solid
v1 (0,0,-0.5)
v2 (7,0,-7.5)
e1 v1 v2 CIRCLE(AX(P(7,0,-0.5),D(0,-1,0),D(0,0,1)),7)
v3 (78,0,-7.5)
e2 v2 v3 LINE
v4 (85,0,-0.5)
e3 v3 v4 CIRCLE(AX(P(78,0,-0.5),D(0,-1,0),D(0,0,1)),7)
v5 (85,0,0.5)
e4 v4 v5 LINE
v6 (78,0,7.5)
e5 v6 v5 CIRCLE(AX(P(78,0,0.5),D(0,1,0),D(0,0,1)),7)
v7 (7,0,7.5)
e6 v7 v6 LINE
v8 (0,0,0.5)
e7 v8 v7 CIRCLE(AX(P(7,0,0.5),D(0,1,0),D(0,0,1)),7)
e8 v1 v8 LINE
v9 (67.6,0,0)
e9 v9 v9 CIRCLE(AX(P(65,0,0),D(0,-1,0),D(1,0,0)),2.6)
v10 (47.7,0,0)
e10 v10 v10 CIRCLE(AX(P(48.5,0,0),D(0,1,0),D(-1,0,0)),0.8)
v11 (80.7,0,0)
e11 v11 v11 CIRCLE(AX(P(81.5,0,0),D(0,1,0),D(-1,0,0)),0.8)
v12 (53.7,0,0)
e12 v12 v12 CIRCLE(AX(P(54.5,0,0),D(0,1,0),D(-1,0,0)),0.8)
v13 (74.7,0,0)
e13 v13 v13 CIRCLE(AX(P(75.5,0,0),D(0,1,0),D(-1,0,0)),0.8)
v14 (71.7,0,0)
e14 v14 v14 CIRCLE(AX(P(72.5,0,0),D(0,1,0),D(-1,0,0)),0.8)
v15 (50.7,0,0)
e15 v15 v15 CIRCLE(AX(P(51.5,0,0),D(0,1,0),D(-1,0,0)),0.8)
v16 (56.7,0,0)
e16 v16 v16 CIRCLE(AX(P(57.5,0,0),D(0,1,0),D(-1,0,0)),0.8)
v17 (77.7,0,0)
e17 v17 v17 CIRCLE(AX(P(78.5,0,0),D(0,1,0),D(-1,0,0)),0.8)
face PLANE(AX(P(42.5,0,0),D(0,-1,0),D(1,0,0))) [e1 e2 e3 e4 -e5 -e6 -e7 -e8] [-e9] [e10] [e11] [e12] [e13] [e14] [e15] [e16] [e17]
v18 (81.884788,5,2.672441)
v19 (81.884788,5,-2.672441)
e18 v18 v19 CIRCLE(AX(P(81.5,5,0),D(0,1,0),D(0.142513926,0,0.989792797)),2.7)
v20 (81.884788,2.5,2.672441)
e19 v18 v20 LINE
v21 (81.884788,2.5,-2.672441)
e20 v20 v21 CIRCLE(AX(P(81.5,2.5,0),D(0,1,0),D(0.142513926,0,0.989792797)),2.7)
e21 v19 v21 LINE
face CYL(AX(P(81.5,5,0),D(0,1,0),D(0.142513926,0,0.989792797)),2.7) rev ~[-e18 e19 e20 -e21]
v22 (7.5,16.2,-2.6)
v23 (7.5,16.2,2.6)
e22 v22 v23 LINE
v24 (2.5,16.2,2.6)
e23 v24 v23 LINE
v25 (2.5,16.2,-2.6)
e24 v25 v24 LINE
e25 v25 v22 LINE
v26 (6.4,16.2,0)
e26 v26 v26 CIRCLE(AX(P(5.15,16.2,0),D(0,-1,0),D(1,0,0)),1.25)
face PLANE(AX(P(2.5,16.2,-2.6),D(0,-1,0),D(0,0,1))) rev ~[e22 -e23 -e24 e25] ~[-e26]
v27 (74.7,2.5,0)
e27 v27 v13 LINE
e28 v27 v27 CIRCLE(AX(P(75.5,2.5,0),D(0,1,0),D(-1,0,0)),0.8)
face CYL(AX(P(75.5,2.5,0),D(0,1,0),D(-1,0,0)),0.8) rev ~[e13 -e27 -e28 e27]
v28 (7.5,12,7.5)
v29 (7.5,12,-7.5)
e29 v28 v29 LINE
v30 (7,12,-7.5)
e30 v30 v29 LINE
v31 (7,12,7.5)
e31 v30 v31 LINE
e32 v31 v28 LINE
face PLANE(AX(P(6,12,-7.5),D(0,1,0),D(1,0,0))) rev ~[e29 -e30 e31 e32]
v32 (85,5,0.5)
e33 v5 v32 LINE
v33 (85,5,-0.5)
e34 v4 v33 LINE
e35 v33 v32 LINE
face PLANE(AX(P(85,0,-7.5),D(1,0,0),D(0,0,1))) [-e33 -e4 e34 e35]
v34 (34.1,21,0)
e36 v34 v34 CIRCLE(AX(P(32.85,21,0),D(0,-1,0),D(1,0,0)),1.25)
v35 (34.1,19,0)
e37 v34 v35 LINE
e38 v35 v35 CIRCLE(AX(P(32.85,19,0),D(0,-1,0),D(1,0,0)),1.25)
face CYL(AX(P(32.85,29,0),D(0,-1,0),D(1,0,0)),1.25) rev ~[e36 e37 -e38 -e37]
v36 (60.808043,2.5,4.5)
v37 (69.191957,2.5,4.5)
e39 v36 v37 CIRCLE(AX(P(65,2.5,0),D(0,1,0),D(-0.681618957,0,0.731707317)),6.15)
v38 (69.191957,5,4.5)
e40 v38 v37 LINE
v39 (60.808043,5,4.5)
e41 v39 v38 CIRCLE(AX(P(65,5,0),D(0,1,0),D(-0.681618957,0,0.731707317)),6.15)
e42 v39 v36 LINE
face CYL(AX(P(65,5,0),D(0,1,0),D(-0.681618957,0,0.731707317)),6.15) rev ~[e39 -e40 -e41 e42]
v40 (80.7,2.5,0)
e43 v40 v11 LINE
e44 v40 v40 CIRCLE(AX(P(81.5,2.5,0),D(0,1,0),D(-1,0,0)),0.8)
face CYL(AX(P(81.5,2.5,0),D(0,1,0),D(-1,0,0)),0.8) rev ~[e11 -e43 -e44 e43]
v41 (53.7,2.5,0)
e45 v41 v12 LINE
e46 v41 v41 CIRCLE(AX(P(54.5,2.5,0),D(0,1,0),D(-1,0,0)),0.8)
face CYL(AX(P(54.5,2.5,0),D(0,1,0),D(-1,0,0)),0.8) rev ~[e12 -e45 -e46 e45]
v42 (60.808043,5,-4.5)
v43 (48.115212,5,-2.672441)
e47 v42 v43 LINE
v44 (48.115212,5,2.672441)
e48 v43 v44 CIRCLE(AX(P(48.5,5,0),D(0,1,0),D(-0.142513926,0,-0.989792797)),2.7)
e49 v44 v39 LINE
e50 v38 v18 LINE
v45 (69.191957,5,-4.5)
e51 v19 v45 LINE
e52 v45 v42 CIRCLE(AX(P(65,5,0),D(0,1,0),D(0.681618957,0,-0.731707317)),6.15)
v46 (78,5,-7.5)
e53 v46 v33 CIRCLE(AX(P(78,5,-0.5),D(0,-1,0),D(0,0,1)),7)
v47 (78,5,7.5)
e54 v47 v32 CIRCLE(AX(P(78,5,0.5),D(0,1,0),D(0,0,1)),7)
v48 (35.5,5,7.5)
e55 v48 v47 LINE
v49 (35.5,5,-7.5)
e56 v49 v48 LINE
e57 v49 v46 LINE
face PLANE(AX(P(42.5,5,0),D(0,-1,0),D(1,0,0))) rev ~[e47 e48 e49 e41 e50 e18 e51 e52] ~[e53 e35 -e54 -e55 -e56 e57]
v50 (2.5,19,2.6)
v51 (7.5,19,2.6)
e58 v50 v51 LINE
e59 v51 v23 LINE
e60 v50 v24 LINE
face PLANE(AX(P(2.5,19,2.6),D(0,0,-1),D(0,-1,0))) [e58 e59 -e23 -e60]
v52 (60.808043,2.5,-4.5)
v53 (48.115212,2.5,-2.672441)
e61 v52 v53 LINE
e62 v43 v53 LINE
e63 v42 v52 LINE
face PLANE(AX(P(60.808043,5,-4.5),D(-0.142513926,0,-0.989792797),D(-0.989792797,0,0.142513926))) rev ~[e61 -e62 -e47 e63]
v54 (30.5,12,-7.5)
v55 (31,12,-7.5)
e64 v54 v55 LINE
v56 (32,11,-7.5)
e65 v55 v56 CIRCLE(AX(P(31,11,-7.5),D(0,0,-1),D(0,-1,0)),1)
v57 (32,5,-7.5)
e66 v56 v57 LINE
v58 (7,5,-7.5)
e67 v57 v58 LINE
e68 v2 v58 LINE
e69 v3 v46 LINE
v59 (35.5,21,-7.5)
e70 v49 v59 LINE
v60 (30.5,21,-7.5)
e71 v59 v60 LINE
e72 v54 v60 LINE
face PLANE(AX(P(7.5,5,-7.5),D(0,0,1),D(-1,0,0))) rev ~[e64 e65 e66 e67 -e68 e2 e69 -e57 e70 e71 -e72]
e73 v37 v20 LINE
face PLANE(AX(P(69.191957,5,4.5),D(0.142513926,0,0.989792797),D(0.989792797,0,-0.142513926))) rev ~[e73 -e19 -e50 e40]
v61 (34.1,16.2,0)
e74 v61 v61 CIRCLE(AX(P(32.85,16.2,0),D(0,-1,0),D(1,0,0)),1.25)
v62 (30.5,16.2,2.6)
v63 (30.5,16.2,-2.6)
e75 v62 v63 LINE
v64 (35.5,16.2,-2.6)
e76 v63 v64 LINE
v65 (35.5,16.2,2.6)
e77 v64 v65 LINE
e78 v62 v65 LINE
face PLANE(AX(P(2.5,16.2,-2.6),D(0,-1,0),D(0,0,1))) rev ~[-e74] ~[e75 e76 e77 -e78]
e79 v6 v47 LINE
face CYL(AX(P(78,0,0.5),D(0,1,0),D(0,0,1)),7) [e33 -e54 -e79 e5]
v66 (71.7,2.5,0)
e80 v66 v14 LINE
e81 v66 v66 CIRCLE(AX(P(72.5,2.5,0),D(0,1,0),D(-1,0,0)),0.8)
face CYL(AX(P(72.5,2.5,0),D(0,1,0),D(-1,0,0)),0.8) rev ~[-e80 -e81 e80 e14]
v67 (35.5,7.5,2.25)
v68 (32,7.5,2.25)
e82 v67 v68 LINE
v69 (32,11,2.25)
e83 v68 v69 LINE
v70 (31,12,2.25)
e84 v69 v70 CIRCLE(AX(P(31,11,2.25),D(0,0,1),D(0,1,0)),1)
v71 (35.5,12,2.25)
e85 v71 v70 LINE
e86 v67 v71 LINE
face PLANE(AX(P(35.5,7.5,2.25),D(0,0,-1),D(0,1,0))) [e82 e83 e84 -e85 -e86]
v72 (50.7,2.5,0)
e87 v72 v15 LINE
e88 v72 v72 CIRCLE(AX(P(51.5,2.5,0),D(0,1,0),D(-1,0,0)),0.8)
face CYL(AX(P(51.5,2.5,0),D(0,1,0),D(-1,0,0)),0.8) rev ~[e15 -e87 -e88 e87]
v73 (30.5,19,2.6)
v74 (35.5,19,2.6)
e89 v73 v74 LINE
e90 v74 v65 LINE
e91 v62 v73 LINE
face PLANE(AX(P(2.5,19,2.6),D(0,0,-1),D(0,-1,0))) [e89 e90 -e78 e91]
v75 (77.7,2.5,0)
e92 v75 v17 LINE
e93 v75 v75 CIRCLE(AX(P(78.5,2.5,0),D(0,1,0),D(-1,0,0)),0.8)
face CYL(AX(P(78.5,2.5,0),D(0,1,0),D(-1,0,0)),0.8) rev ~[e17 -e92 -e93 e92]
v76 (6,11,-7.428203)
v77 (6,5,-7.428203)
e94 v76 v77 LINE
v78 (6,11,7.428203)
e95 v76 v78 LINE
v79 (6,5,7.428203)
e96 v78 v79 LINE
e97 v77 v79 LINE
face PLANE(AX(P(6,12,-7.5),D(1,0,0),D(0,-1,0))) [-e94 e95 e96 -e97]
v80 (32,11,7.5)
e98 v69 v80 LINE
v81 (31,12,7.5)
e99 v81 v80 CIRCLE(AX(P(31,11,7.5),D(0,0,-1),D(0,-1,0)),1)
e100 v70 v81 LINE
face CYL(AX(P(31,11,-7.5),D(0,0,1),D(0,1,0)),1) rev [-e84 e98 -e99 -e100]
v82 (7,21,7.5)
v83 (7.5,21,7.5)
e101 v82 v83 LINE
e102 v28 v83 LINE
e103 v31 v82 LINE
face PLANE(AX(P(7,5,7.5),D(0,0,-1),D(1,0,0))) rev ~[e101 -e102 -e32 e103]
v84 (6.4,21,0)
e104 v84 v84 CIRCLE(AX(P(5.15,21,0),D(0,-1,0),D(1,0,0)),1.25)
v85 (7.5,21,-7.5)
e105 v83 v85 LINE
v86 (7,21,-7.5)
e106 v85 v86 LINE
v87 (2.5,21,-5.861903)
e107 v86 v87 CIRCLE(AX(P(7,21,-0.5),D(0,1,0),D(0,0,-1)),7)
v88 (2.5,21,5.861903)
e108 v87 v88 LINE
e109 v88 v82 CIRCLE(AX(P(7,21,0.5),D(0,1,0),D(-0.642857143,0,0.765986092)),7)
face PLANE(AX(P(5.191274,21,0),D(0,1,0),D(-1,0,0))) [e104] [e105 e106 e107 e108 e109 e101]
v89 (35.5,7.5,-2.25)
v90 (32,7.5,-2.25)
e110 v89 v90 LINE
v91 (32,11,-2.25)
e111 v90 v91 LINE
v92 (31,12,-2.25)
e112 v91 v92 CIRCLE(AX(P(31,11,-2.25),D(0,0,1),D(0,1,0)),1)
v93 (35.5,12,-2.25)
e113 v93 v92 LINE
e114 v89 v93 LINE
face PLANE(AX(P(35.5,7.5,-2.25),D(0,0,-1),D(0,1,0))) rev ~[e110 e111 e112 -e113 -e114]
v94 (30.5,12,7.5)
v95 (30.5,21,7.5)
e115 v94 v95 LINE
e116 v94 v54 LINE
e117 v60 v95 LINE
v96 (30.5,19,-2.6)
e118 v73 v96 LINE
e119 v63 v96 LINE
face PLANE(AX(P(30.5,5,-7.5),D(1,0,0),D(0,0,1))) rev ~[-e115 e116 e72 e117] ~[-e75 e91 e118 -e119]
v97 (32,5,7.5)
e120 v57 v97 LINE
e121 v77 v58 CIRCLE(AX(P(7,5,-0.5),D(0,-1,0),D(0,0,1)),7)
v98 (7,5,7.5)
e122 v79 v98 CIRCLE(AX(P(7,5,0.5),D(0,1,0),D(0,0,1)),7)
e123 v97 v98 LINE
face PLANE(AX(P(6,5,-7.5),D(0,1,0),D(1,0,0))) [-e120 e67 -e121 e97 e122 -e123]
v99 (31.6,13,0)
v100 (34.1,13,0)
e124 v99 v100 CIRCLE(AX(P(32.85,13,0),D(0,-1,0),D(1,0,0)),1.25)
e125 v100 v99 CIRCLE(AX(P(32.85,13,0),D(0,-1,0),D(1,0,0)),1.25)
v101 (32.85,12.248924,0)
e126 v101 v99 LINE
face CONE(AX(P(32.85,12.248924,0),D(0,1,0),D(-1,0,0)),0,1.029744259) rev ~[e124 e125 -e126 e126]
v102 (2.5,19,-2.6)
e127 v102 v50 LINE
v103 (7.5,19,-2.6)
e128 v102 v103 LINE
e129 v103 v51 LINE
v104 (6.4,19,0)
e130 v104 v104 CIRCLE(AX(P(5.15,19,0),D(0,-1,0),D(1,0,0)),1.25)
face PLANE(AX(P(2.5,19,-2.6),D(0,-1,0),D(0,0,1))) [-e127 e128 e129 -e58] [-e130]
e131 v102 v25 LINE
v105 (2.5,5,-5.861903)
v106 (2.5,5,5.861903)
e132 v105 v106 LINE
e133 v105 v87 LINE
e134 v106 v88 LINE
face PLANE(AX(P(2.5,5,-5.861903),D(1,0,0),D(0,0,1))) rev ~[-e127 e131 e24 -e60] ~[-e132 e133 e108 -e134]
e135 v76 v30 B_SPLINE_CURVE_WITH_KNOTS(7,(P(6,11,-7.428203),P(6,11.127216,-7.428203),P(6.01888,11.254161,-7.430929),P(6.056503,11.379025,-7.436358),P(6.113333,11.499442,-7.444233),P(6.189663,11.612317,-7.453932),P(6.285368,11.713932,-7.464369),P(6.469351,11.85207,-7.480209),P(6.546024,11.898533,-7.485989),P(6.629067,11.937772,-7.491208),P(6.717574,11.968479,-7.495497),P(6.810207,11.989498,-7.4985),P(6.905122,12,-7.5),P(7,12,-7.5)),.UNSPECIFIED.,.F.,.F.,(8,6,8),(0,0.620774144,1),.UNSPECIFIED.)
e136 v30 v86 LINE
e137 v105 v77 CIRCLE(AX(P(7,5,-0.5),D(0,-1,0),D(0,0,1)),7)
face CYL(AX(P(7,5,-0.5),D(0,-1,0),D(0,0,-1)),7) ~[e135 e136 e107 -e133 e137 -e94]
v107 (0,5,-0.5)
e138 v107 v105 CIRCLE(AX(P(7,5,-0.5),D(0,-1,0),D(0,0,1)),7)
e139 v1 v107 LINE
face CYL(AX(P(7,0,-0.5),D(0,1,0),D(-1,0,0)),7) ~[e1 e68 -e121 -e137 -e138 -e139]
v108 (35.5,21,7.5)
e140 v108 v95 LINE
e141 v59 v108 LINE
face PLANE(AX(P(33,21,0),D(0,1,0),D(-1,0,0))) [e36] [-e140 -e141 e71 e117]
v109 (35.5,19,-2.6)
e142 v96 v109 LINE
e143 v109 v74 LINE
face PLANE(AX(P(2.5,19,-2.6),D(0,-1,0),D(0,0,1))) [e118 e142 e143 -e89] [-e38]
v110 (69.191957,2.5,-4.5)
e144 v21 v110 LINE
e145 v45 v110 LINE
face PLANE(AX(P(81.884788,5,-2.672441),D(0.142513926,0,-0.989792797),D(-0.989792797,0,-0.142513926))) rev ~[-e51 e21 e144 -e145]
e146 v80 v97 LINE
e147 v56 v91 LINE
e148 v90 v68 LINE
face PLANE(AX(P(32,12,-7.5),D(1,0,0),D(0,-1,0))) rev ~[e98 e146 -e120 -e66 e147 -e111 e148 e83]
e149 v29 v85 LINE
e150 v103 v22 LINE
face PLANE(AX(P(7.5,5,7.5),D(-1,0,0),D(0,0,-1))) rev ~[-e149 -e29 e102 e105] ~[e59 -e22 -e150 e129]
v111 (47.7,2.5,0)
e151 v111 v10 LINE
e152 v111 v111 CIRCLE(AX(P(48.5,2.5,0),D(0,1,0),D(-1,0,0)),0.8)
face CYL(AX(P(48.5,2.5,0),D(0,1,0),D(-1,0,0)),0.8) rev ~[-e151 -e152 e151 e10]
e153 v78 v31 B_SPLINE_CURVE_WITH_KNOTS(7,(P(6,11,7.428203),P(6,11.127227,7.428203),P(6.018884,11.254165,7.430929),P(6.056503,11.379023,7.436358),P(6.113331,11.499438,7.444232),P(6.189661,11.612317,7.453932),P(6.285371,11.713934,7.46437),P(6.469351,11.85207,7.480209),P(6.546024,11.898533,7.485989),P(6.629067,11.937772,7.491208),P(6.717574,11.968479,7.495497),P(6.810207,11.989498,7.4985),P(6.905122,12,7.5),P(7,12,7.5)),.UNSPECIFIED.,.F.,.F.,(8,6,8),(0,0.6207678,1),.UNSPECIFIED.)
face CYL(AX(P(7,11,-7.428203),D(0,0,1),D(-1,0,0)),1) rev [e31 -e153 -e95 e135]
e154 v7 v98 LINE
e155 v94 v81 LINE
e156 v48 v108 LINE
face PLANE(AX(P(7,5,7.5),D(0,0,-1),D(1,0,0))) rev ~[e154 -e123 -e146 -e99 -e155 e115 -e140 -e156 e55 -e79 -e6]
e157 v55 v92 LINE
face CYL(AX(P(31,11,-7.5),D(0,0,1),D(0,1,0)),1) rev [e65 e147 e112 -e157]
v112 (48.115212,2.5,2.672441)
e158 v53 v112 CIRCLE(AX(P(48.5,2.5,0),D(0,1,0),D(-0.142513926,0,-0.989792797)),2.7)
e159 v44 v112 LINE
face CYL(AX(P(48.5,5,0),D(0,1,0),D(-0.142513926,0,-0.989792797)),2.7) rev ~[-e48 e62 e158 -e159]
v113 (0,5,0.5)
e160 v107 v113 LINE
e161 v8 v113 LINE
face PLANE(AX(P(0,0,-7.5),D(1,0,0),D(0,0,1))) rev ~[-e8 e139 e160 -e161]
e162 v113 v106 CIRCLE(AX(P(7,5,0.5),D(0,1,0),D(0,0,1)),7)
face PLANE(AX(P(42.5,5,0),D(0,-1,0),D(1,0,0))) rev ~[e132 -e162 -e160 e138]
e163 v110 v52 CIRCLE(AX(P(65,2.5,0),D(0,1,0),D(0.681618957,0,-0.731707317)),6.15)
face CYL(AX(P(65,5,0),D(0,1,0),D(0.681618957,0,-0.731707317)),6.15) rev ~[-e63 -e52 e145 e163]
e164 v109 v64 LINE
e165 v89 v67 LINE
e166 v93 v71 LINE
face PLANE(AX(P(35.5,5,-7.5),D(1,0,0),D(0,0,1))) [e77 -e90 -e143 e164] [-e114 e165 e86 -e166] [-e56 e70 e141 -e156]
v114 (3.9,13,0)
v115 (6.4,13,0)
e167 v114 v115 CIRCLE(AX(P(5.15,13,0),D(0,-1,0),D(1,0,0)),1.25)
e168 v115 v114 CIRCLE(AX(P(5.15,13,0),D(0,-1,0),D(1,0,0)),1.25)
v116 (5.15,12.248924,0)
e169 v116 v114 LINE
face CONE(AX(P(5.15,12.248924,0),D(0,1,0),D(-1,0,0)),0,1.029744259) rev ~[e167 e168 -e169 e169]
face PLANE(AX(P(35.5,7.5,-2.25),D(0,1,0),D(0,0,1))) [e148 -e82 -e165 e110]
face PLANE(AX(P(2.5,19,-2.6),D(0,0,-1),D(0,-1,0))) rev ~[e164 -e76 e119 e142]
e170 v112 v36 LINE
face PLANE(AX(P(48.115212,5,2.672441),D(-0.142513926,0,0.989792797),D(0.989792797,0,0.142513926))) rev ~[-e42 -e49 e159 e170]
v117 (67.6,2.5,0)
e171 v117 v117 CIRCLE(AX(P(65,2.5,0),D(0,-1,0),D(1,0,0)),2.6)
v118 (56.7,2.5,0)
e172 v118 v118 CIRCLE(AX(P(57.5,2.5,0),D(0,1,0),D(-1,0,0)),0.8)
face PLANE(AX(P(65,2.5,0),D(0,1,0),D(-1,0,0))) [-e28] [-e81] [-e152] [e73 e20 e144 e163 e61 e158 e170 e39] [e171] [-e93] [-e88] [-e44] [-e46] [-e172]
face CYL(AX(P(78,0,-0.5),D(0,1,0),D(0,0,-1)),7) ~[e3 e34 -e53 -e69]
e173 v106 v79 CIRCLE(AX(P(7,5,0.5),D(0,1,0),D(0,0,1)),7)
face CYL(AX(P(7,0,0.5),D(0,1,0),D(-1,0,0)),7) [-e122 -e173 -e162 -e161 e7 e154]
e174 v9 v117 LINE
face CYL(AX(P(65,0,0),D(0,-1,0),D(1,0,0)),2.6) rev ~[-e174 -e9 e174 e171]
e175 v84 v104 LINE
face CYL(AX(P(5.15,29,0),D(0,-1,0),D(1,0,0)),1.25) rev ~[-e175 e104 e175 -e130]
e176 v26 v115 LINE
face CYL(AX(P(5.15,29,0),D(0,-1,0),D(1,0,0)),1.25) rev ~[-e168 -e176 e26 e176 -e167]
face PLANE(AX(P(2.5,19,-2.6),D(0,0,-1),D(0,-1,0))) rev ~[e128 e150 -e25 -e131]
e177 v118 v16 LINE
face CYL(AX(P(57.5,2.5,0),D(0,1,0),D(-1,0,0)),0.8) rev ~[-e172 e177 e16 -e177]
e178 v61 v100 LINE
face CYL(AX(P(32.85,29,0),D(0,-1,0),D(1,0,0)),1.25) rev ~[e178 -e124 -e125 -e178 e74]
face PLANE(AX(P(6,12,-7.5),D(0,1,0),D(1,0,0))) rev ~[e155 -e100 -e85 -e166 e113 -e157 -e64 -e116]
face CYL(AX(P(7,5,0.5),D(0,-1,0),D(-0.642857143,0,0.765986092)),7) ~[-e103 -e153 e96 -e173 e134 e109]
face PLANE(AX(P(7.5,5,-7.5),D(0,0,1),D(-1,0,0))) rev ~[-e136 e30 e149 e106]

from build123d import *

# Parameters (mm, degrees)
F0_W      = 85
F0_H      = 15
F0_R      = 2.6
F1_DEPTH  = 5
F3_DEPTH  = 2.5
F4_R      = 7
F5_R      = 0.8
F6_DEPTH  = 2.5
F7_W      = 5
F7_H      = 15
F8_DEPTH  = 16
F10_D     = 2.5
F10_DEPTH = 8
F10_TIP   = 0.7510757738
F11_W     = 2.8
F11_H     = 5.2
F12_DEPTH = 33
F13_W     = 26
F13_H     = 7
F14_DEPTH = 15
F15_R     = 1
F16_W     = 4.5
F16_H     = 4.5
F17_DEPTH = 5


with BuildPart() as f1:
    # F0 (on Front) → F1 (new body)
    with BuildSketch(Plane.XZ):
        with Locations((42.5, 0)):
            Rectangle(F0_W, F0_H)
        with Locations((65, 0)):
            Circle(F0_R, mode=Mode.SUBTRACT)
    extrude(amount=-F1_DEPTH)

    # F2 (on face) → F3 (cut)
    with BuildSketch(Plane(origin=(0, 5, 0), x_dir=(-1, 0, 0), z_dir=(0, 1, 0))):
        with BuildLine():
            Line((-81.8847875997, -2.6724405518), (-69.1919565837, -4.5))
            ThreePointArc((-69.1919565837, -4.5), (-65, -6.15), (-60.8080434163, -4.5))
            Line((-60.8080434163, -4.5), (-48.1152124003, -2.6724405518))
            ThreePointArc((-48.1152124003, -2.6724405518), (-45.8, 0), (-48.1152124003, 2.6724405518))
            Line((-48.1152124003, 2.6724405518), (-60.8080434163, 4.5))
            ThreePointArc((-60.8080434163, 4.5), (-65, 6.15), (-69.1919565837, 4.5))
            Line((-69.1919565837, 4.5), (-81.8847875997, 2.6724405518))
            ThreePointArc((-81.8847875997, 2.6724405518), (-84.2, 0), (-81.8847875997, -2.6724405518))
        make_face()
    extrude(amount=-F3_DEPTH, mode=Mode.SUBTRACT)

    # F4
    f4_edges = [f1.edges().sort_by_distance(p)[0] for p in [
        (85, 2.5, 7.5),
        (85, 2.5, -7.5),
        (0, 2.5, 7.5),
        (0, 2.5, -7.5),
    ]]
    fillet(f4_edges, radius=F4_R)

    # F5 (on face) → F6 (cut, through all)
    with BuildSketch(Plane(origin=(0, 2.5, 0), x_dir=(-1, 0, 0), z_dir=(0, 1, 0))):
        with Locations((-81.5, 0)):
            Circle(F5_R)
        with Locations((-78.5, 0)):
            Circle(F5_R)
        with Locations((-75.5, 0)):
            Circle(F5_R)
        with Locations((-72.5, 0)):
            Circle(F5_R)
        with Locations((-57.5, 0)):
            Circle(F5_R)
        with Locations((-54.5, 0)):
            Circle(F5_R)
        with Locations((-51.5, 0)):
            Circle(F5_R)
        with Locations((-48.5, 0)):
            Circle(F5_R)
    extrude(amount=-F6_DEPTH, mode=Mode.SUBTRACT)

    # F7 (on face) → F8 (join)
    with BuildSketch(Plane(origin=(0, 5, 0), x_dir=(-1, 0, 0), z_dir=(0, 1, 0))):
        with Locations((-33, 0)):
            Rectangle(F7_W, F7_H)
        with BuildLine():
            Line((-7, 7.5), (-7.5, 7.5))
            Line((-7.5, 7.5), (-7.5, -7.5))
            Line((-7.5, -7.5), (-7, -7.5))
            ThreePointArc((-7, -7.5), (-4.6055604551, -7.0777396776), (-2.5, -5.8619026474))
            Line((-2.5, -5.8619026474), (-2.5, 5.8619026474))
            ThreePointArc((-2.5, 5.8619026474), (-4.6055604551, 7.0777396776), (-7, 7.5))
        make_face()
    extrude(amount=F8_DEPTH)

    # F10
    with Locations(Plane(origin=(0, 21, 0), x_dir=(-1, 0, 0), z_dir=(0, 1, 0))):
        with Locations((-32.85, 0), (-5.15, 0)):
            Hole(F10_D / 2, depth=F10_DEPTH)
            with Locations((0, 0, -(F10_DEPTH + F10_TIP / 2))):  # 118° drill point
                Cone(0, F10_D / 2, F10_TIP, mode=Mode.SUBTRACT)

    # F11 (on face) → F12 (cut, through all)
    with BuildSketch(Plane(origin=(2.5, 0, 0), x_dir=(0, -1, 0), z_dir=(-1, 0, 0))):
        with Locations((-17.6, 0)):
            Rectangle(F11_W, F11_H)
    extrude(amount=-F12_DEPTH, mode=Mode.SUBTRACT)

    # F13 (on face) → F14 (cut, through all)
    with BuildSketch(Plane(origin=(0, 0, -7.5), x_dir=(1, 0, 0), z_dir=(0, 0, -1))):
        with Locations((19, -8.5)):
            Rectangle(F13_W, F13_H)
    extrude(amount=-F14_DEPTH, mode=Mode.SUBTRACT)

    # F15
    f15_edges = [f1.edges().sort_by_distance(p)[0] for p in [
        (32, 12, 0),
        (6, 12, 0),
    ]]
    fillet(f15_edges, radius=F15_R)

    # F16 (on face) → F17 (cut, through all)
    with BuildSketch(Plane.YZ.offset(35.5)):
        with Locations((9.75, 0)):
            Rectangle(F16_W, F16_H)
    extrude(amount=-F17_DEPTH, mode=Mode.SUBTRACT)


solid = f1.part
